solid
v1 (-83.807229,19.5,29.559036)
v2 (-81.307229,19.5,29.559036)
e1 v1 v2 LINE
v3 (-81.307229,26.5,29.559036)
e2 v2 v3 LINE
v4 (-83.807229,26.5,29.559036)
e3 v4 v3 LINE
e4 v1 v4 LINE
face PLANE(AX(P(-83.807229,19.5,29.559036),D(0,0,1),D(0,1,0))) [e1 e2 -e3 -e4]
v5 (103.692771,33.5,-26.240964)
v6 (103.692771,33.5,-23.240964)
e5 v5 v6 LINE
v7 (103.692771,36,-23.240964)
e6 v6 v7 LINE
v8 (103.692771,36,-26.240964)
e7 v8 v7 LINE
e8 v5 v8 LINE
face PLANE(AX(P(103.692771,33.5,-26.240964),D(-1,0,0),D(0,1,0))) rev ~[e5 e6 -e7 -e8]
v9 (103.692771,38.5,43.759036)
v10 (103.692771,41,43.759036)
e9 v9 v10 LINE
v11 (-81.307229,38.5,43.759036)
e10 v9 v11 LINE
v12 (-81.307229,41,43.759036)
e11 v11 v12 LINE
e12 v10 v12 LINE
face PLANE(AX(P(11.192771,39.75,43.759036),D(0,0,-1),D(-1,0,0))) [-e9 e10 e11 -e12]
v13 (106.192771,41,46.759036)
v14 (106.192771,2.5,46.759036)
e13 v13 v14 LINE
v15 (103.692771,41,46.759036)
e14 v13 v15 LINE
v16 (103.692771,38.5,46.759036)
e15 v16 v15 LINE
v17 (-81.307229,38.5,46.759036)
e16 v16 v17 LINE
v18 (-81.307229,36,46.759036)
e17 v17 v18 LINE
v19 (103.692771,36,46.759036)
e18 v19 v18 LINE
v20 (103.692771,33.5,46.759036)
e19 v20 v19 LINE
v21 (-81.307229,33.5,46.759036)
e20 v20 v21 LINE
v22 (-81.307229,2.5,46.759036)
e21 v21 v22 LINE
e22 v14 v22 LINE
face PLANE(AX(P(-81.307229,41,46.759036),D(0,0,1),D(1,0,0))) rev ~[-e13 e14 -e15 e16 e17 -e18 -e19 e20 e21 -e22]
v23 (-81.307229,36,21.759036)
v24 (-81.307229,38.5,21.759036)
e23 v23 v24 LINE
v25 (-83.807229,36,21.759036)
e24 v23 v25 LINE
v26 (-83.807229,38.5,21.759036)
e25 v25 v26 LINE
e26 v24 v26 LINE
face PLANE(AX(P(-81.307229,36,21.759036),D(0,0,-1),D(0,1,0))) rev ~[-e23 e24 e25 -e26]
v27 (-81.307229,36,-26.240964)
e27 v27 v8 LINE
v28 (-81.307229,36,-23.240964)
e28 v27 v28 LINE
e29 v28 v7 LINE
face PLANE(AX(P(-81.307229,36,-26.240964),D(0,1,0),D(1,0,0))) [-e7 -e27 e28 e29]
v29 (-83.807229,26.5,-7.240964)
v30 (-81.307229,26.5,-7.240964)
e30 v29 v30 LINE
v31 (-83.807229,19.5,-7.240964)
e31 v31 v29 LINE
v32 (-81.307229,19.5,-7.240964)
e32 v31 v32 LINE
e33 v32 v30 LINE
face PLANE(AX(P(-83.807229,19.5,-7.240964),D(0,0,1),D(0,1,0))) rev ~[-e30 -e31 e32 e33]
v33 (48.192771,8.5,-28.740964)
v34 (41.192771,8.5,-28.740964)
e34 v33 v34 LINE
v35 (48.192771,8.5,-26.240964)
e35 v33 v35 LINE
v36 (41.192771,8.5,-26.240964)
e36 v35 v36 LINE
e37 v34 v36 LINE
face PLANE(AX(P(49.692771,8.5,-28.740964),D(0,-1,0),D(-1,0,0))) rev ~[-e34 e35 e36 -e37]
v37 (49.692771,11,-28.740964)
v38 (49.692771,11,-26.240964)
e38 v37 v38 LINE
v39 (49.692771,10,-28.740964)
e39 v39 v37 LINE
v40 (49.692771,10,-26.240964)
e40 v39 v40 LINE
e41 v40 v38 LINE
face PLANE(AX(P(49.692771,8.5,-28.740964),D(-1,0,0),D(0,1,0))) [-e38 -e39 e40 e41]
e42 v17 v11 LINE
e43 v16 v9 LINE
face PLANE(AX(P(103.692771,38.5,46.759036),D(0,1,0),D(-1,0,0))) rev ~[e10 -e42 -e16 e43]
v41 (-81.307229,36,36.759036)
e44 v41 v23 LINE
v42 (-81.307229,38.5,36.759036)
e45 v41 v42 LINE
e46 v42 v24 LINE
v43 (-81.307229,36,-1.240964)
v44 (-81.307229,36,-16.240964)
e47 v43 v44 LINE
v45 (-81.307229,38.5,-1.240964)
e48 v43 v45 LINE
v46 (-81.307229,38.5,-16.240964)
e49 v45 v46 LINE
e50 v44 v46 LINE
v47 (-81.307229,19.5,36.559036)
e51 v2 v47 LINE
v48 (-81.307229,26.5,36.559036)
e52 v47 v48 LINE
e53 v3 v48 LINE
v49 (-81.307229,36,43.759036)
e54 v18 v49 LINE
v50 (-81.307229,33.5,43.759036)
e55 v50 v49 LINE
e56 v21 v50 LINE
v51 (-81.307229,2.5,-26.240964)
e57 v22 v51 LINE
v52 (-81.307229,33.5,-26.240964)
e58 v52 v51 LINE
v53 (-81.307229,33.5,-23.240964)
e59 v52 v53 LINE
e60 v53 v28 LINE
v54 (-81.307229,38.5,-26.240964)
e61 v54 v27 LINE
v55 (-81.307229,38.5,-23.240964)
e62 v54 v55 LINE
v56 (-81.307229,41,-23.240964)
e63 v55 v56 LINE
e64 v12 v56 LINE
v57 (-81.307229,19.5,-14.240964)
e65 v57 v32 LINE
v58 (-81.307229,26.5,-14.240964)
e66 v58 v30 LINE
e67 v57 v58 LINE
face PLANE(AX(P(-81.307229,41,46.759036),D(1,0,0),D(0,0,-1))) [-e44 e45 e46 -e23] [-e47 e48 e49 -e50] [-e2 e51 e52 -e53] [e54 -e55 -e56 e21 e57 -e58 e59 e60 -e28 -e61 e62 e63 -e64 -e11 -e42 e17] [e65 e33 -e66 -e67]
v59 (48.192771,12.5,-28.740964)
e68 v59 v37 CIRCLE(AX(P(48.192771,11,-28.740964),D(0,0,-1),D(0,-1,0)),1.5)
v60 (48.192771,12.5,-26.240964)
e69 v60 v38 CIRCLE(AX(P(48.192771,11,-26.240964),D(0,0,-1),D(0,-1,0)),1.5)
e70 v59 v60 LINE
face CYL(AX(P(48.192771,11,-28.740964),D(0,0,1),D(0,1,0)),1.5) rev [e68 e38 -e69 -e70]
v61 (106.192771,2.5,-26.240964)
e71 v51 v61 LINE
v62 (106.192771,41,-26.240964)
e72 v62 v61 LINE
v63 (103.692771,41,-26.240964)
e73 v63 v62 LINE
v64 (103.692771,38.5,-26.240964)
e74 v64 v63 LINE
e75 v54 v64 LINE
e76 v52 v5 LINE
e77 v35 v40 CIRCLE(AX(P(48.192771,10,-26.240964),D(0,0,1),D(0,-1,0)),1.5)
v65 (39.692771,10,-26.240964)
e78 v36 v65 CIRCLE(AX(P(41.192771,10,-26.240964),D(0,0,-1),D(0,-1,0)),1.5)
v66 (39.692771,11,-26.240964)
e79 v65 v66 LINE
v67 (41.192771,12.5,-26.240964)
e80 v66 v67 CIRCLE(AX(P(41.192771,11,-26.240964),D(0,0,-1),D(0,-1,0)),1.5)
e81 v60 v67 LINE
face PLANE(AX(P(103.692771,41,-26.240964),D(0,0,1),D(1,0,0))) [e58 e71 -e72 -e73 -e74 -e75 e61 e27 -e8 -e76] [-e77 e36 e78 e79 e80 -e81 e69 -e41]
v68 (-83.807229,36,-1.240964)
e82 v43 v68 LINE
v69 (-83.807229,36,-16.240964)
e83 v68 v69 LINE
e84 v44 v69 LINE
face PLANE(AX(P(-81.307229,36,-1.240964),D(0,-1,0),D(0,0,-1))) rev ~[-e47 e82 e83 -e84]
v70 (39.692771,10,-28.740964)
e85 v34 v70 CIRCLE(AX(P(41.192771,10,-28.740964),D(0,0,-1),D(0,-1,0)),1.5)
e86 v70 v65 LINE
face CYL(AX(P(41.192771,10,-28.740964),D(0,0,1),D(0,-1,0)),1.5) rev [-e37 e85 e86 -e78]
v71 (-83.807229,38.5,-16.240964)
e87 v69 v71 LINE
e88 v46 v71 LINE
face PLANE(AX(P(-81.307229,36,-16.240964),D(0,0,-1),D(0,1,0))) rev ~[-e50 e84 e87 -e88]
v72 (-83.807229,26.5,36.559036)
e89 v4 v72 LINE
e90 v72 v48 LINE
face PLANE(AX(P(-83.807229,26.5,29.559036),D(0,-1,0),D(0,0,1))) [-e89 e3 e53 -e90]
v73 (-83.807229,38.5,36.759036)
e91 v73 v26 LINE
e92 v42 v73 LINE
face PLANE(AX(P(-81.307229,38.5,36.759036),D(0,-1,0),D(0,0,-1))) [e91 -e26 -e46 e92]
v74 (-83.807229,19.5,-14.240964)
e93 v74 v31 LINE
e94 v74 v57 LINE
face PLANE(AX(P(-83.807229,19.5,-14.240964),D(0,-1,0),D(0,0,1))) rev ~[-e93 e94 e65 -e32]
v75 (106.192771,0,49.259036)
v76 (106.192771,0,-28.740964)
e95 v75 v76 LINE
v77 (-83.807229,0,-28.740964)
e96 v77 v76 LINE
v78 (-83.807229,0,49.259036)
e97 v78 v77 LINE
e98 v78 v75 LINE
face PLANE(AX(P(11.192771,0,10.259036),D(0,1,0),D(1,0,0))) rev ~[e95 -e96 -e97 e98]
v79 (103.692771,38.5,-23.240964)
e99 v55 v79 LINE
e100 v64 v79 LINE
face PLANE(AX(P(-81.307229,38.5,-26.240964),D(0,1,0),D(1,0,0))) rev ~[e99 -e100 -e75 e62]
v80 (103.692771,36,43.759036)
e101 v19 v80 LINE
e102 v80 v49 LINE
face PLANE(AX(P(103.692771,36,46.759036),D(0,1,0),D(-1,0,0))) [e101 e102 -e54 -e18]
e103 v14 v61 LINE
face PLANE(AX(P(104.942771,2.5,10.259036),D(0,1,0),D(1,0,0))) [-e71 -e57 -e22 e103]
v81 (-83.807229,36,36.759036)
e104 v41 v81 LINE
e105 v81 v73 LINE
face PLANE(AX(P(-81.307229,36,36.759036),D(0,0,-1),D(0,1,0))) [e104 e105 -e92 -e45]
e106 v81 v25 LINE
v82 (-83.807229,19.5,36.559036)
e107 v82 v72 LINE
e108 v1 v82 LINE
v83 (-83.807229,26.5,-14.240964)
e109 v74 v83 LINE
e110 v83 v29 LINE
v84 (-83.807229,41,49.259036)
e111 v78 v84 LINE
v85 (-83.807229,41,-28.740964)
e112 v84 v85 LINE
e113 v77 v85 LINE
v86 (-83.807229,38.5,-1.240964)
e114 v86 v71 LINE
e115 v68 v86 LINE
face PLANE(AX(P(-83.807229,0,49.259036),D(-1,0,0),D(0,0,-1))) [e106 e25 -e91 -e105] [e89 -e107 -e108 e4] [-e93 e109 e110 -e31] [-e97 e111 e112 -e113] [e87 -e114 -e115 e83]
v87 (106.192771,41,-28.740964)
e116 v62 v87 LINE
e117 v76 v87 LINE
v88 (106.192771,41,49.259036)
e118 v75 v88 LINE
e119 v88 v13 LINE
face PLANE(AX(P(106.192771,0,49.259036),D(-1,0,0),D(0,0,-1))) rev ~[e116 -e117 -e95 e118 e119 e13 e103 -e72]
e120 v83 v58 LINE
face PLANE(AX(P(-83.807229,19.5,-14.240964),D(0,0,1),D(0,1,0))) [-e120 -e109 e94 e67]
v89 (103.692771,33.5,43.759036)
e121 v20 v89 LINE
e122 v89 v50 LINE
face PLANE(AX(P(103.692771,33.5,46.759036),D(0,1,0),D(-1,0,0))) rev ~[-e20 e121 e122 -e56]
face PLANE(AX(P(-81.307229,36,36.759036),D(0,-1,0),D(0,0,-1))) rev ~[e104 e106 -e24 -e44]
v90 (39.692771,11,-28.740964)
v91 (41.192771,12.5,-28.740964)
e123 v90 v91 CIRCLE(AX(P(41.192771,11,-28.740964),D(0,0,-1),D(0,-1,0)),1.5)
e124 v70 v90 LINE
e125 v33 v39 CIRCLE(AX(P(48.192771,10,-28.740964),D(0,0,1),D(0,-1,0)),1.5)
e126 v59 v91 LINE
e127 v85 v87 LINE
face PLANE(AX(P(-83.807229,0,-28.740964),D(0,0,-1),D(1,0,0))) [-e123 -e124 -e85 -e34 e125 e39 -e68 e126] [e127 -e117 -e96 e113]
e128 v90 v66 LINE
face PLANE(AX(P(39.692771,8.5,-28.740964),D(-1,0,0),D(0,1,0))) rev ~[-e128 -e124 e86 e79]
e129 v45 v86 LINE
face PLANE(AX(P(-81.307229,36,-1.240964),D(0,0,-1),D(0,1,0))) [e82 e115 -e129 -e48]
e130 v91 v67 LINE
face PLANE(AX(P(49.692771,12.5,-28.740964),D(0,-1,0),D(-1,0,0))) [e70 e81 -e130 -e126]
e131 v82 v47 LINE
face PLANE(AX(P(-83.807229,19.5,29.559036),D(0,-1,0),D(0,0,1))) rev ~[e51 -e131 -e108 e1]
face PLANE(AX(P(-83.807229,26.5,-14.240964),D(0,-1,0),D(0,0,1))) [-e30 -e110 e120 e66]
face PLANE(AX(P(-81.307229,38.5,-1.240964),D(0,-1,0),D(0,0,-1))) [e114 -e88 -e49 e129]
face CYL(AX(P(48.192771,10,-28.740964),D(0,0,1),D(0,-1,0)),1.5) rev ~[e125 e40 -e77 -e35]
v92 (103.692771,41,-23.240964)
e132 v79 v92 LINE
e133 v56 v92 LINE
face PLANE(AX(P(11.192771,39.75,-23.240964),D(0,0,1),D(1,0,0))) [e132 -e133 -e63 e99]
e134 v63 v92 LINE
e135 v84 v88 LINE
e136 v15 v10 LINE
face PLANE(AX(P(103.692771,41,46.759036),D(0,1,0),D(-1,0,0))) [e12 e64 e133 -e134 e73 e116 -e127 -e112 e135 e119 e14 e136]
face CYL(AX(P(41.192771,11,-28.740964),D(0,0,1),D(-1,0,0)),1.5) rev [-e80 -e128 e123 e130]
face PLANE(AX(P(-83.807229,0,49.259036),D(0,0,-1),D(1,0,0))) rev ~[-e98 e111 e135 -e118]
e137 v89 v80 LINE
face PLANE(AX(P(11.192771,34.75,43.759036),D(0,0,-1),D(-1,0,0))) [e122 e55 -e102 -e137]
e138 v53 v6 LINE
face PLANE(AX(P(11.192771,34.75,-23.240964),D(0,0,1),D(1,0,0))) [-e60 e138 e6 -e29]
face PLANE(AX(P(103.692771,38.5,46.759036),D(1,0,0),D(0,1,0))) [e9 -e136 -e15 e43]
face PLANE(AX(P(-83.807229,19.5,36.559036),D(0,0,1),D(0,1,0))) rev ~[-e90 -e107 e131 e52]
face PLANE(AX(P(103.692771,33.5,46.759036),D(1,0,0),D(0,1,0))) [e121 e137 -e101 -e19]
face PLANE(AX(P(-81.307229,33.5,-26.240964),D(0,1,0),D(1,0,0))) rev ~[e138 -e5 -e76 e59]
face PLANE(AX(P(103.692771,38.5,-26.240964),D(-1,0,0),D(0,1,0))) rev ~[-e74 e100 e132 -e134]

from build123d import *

# Parameters (mm, degrees)
SKETCH_1_W          = 190
SKETCH_1_H          = 78
EXTRUDE_1_DEPTH     = 41
SKETCH_2_W          = 185
SKETCH_2_H          = 73
CUT_EXTRUDE_1_DEPTH = 38.5
SKETCH_3_W          = 2.5
SKETCH_3_H          = 73
CUT_EXTRUDE_2_DEPTH = 38.5
SKETCH_4_W          = 7
SKETCH_4_H          = 7
CUT_EXTRUDE_4_DEPTH = 2.5
SKETCH_5_W          = 10
SKETCH_5_H          = 4
CUT_EXTRUDE_5_DEPTH = 2.5
FILLET_1_R          = 1.5
SKETCH_9_W          = 15
SKETCH_9_H          = 2.5
CUT_EXTRUDE_8_DEPTH = 2.5
SKETCH_10_W         = 185
SKETCH_10_H         = 2.5
EXTRUDE_2_DEPTH     = 3
SKETCH_11_W         = 185
SKETCH_11_H         = 2.5
EXTRUDE_3_DEPTH     = 3
SKETCH_12_W         = 185
SKETCH_12_H         = 2.5
EXTRUDE_4_DEPTH     = 3
SKETCH_13_W         = 185
SKETCH_13_H         = 2.5
EXTRUDE_5_DEPTH     = 3


with BuildPart() as part:
    # 草图1 → 凸台-拉伸1 (new body)
    with BuildSketch(Plane(origin=(0, 0, 0), x_dir=(1, 0, 0), z_dir=(0, 1, 0))):
        with Locations((11.192771084, -10.259036145)):
            Rectangle(SKETCH_1_W, SKETCH_1_H)
    extrude(amount=EXTRUDE_1_DEPTH)

    # 草图2 → 切除-拉伸1 (cut)
    with BuildSketch(Plane(origin=(0, 41, 0), x_dir=(1, 0, 0), z_dir=(0, 1, 0))):
        with Locations((11.192771084, -10.259036145)):
            Rectangle(SKETCH_2_W, SKETCH_2_H)
    extrude(amount=-CUT_EXTRUDE_1_DEPTH, mode=Mode.SUBTRACT)

    # 草图3 → 切除-拉伸2 (cut)
    with BuildSketch(Plane(origin=(0, 41, 0), x_dir=(1, 0, 0), z_dir=(0, 1, 0))):
        with Locations((104.942771084, -10.259036145)):
            Rectangle(SKETCH_3_W, SKETCH_3_H)
    extrude(amount=-CUT_EXTRUDE_2_DEPTH, mode=Mode.SUBTRACT)

    # 草图4 → 切除-拉伸4 (cut)
    with BuildSketch(Plane.ZY.offset(83.807228916)):
        with Locations((-10.740963855, 23)):
            Rectangle(SKETCH_4_W, SKETCH_4_H)
        with Locations((33.059036145, 23)):
            Rectangle(SKETCH_4_W, SKETCH_4_H)
    extrude(amount=-CUT_EXTRUDE_4_DEPTH, mode=Mode.SUBTRACT)

    # 草图5 → 切除-拉伸5 (cut)
    with BuildSketch(Plane(origin=(0, 0, -28.740963855), x_dir=(-1, 0, 0), z_dir=(0, 0, -1))):
        with Locations((-44.692771084, 10.5)):
            Rectangle(SKETCH_5_W, SKETCH_5_H)
    extrude(amount=-CUT_EXTRUDE_5_DEPTH, mode=Mode.SUBTRACT)

    # 圆角1
    fillet_1_edges = [part.edges().sort_by_distance(p)[0] for p in [
        (39.692771084, 12.5, -27.490963855),
        (39.692771084, 8.5, -27.490963855),
        (49.692771084, 8.5, -27.490963855),
        (49.692771084, 12.5, -27.490963855),
    ]]
    fillet(fillet_1_edges, radius=FILLET_1_R)

    # 草图9 → 切除-拉伸8 (cut)
    with BuildSketch(Plane(origin=(-81.307228916, 0, 0), x_dir=(0, 0, -1), z_dir=(1, 0, 0))):
        with Locations((-29.259036145, 37.25)):
            Rectangle(SKETCH_9_W, SKETCH_9_H)
        with Locations((8.740963855, 37.25)):
            Rectangle(SKETCH_9_W, SKETCH_9_H)
    extrude(amount=-CUT_EXTRUDE_8_DEPTH, mode=Mode.SUBTRACT)

    # 草图10 → 凸台-拉伸2 (add)
    with BuildSketch(Plane(origin=(0, 0, 46.759036145), x_dir=(-1, 0, 0), z_dir=(0, 0, -1))):
        with Locations((-11.192771084, 39.75)):
            Rectangle(SKETCH_10_W, SKETCH_10_H)
    extrude(amount=EXTRUDE_2_DEPTH)

    # 草图11 → 凸台-拉伸3 (add)
    with BuildSketch(Plane.XY.offset(-26.240963855)):
        with Locations((11.192771084, 39.75)):
            Rectangle(SKETCH_11_W, SKETCH_11_H)
    extrude(amount=EXTRUDE_3_DEPTH)

    # 草图12 → 凸台-拉伸4 (add)
    with BuildSketch(Plane(origin=(0, 0, 46.759036145), x_dir=(-1, 0, 0), z_dir=(0, 0, -1))):
        with Locations((-11.192771084, 34.75)):
            Rectangle(SKETCH_12_W, SKETCH_12_H)
    extrude(amount=EXTRUDE_4_DEPTH)

    # 草图13 → 凸台-拉伸5 (add)
    with BuildSketch(Plane.XY.offset(-26.240963855)):
        with Locations((11.192771084, 34.75)):
            Rectangle(SKETCH_13_W, SKETCH_13_H)
    extrude(amount=EXTRUDE_5_DEPTH)


solid = part.part
